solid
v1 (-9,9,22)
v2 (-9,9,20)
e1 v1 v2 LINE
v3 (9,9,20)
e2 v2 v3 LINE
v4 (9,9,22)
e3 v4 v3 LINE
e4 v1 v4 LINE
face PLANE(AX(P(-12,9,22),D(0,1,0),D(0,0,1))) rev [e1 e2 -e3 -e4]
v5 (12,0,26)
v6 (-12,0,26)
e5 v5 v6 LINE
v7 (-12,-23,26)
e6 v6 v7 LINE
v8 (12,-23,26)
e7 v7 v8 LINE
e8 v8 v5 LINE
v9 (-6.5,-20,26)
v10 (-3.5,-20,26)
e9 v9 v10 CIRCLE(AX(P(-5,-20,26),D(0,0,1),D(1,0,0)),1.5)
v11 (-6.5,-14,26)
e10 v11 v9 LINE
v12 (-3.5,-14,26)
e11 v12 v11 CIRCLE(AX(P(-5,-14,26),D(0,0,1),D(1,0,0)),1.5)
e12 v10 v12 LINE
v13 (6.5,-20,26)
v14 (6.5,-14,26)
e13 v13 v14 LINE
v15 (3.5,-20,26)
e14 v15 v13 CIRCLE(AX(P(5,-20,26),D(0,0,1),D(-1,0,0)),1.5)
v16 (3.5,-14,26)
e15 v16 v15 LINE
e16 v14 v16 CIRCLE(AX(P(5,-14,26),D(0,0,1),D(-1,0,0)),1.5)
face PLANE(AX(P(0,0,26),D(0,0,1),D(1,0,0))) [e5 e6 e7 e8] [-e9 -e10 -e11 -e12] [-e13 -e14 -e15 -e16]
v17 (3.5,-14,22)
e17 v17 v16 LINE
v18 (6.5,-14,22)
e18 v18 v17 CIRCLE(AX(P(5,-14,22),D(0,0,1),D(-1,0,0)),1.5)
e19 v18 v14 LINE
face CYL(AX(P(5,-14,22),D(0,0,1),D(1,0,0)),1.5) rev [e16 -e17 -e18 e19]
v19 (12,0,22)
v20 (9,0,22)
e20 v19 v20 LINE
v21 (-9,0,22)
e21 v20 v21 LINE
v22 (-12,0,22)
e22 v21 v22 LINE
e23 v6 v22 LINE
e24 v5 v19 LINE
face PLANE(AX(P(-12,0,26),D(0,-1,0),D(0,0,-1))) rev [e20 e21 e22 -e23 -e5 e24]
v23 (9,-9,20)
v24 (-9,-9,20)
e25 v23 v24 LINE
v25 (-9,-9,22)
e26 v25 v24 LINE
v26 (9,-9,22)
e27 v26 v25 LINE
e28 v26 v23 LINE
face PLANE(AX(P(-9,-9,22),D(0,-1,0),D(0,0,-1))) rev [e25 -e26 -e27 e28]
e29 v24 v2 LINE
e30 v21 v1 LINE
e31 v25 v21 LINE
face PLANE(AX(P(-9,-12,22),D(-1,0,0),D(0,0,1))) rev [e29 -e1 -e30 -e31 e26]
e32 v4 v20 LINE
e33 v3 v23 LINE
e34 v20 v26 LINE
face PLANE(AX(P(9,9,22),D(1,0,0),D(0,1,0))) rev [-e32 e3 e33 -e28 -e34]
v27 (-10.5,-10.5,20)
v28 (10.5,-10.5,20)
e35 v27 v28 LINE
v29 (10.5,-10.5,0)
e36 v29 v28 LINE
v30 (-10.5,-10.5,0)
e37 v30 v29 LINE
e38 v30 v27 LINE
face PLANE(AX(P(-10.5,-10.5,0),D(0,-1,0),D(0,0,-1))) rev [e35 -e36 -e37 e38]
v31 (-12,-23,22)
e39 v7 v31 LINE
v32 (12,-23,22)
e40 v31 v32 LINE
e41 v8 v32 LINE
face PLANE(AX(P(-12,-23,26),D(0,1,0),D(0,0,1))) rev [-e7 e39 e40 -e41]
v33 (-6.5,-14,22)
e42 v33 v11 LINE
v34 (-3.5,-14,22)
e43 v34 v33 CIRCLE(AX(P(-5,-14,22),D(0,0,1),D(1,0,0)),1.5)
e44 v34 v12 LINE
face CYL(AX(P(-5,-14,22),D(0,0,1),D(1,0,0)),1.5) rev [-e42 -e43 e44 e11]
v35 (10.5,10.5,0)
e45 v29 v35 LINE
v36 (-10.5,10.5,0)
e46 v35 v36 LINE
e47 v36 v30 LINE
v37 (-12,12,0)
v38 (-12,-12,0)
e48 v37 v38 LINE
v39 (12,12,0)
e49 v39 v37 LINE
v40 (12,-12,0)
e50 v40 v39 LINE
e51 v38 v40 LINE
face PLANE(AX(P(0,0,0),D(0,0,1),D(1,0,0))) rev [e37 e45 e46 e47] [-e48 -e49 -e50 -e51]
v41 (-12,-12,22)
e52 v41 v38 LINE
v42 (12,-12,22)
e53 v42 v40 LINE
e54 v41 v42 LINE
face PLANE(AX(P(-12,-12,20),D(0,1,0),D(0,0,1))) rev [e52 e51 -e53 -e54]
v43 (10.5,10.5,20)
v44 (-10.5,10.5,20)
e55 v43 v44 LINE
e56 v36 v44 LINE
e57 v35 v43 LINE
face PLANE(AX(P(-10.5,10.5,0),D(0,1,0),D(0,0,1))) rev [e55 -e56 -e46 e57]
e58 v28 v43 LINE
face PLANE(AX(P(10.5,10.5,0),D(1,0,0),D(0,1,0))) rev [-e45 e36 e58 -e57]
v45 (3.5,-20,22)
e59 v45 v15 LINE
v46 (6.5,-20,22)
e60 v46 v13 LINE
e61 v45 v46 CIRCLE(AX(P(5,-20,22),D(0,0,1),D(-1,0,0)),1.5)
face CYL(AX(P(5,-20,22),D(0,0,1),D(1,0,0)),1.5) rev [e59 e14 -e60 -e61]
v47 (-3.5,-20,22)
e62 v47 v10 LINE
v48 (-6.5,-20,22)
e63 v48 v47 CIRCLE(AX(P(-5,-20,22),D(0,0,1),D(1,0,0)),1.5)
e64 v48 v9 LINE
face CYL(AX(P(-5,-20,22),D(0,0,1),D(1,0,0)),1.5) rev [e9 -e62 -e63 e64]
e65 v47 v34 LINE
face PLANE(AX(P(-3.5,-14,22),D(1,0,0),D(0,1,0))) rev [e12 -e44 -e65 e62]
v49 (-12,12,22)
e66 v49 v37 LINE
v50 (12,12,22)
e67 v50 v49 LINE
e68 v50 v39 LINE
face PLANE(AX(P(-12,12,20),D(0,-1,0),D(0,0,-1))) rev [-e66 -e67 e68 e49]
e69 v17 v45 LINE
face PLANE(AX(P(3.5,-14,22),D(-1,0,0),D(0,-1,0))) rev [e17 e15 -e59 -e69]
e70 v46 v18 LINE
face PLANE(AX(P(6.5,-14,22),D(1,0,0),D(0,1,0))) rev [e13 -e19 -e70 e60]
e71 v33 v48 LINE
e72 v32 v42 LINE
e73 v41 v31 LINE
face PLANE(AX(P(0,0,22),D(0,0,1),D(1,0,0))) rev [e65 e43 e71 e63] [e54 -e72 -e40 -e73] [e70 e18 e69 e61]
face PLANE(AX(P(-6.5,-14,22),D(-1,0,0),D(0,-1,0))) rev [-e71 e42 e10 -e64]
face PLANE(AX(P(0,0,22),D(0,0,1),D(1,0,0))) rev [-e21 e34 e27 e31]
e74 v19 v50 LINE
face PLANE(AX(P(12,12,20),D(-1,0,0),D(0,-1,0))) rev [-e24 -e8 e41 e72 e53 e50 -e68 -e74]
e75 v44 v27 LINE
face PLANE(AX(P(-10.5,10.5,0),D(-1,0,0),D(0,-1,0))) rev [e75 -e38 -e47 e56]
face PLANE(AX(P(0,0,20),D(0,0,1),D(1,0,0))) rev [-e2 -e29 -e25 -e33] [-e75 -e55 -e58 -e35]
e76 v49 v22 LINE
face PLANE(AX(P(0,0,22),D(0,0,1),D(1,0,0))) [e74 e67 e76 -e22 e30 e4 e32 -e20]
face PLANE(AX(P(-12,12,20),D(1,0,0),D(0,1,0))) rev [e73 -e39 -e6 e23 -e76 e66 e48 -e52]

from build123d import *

# Parameters (mm, degrees)
SKETCH_1_W          = 24
SKETCH_1_H          = 24
EXTRUDE_2_DEPTH     = 20
SKETCH_3_W          = 21
SKETCH_3_H          = 21
CUT_EXTRUDE_1_DEPTH = 20
SKETCH_4_W          = 24
SKETCH_4_H          = 3
EXTRUDE_8_DEPTH     = 2
SKETCH_8_W          = 3
SKETCH_8_H          = 21
EXTRUDE_9_DEPTH     = 2
SKETCH_9_W          = 21
SKETCH_9_H          = 3
EXTRUDE_10_DEPTH    = 2
SKETCH_10_W         = 3
SKETCH_10_H         = 18
EXTRUDE_11_DEPTH    = 2
SKETCH_11_W         = 24
SKETCH_11_H         = 23
EXTRUDE_12_DEPTH    = 4
CUT_EXTRUDE_2_DEPTH = 4


with BuildPart() as part:
    # 草图1 → 凸台-拉伸2 (new body)
    with BuildSketch(Plane.XY):
        Rectangle(SKETCH_1_W, SKETCH_1_H)
    extrude(amount=EXTRUDE_2_DEPTH)

    # 草图3 → 切除-拉伸1 (cut)
    with BuildSketch(Plane.XY.offset(20)):
        Rectangle(SKETCH_3_W, SKETCH_3_H)
    extrude(amount=-CUT_EXTRUDE_1_DEPTH, mode=Mode.SUBTRACT)

    # 草图4 → 凸台-拉伸8 (add)
    with BuildSketch(Plane.XY.offset(20)):
        with Locations((0, 10.5)):
            Rectangle(SKETCH_4_W, SKETCH_4_H)
    extrude(amount=EXTRUDE_8_DEPTH)

    # 草图8 → 凸台-拉伸9 (add)
    with BuildSketch(Plane.XY.offset(20)):
        with Locations((-10.5, -1.5)):
            Rectangle(SKETCH_8_W, SKETCH_8_H)
    extrude(amount=EXTRUDE_9_DEPTH)

    # 草图9 → 凸台-拉伸10 (add)
    with BuildSketch(Plane.XY.offset(20)):
        with Locations((1.5, -10.5)):
            Rectangle(SKETCH_9_W, SKETCH_9_H)
    extrude(amount=EXTRUDE_10_DEPTH)

    # 草图10 → 凸台-拉伸11 (add)
    with BuildSketch(Plane.XY.offset(20)):
        with Locations((10.5, 0)):
            Rectangle(SKETCH_10_W, SKETCH_10_H)
    extrude(amount=EXTRUDE_11_DEPTH)

    # 草图11 → 凸台-拉伸12 (add)
    with BuildSketch(Plane.XY.offset(22)):
        with Locations((0, -11.5)):
            Rectangle(SKETCH_11_W, SKETCH_11_H)
    extrude(amount=EXTRUDE_12_DEPTH)

    # 草图12 → 切除-拉伸2 (cut)
    with BuildSketch(Plane.XY.offset(26)):
        with BuildLine():
            Line((-3.5, -14), (-3.5, -20))
            ThreePointArc((-3.5, -20), (-5, -21.5), (-6.5, -20))
            Line((-6.5, -20), (-6.5, -14))
            ThreePointArc((-6.5, -14), (-5, -12.5), (-3.5, -14))
        make_face()
        with BuildLine():
            Line((3.5, -14), (3.5, -20))
            ThreePointArc((3.5, -20), (5, -21.5), (6.5, -20))
            Line((6.5, -20), (6.5, -14))
            ThreePointArc((6.5, -14), (5, -12.5), (3.5, -14))
        make_face()
    extrude(amount=-CUT_EXTRUDE_2_DEPTH, mode=Mode.SUBTRACT)


solid = part.part
